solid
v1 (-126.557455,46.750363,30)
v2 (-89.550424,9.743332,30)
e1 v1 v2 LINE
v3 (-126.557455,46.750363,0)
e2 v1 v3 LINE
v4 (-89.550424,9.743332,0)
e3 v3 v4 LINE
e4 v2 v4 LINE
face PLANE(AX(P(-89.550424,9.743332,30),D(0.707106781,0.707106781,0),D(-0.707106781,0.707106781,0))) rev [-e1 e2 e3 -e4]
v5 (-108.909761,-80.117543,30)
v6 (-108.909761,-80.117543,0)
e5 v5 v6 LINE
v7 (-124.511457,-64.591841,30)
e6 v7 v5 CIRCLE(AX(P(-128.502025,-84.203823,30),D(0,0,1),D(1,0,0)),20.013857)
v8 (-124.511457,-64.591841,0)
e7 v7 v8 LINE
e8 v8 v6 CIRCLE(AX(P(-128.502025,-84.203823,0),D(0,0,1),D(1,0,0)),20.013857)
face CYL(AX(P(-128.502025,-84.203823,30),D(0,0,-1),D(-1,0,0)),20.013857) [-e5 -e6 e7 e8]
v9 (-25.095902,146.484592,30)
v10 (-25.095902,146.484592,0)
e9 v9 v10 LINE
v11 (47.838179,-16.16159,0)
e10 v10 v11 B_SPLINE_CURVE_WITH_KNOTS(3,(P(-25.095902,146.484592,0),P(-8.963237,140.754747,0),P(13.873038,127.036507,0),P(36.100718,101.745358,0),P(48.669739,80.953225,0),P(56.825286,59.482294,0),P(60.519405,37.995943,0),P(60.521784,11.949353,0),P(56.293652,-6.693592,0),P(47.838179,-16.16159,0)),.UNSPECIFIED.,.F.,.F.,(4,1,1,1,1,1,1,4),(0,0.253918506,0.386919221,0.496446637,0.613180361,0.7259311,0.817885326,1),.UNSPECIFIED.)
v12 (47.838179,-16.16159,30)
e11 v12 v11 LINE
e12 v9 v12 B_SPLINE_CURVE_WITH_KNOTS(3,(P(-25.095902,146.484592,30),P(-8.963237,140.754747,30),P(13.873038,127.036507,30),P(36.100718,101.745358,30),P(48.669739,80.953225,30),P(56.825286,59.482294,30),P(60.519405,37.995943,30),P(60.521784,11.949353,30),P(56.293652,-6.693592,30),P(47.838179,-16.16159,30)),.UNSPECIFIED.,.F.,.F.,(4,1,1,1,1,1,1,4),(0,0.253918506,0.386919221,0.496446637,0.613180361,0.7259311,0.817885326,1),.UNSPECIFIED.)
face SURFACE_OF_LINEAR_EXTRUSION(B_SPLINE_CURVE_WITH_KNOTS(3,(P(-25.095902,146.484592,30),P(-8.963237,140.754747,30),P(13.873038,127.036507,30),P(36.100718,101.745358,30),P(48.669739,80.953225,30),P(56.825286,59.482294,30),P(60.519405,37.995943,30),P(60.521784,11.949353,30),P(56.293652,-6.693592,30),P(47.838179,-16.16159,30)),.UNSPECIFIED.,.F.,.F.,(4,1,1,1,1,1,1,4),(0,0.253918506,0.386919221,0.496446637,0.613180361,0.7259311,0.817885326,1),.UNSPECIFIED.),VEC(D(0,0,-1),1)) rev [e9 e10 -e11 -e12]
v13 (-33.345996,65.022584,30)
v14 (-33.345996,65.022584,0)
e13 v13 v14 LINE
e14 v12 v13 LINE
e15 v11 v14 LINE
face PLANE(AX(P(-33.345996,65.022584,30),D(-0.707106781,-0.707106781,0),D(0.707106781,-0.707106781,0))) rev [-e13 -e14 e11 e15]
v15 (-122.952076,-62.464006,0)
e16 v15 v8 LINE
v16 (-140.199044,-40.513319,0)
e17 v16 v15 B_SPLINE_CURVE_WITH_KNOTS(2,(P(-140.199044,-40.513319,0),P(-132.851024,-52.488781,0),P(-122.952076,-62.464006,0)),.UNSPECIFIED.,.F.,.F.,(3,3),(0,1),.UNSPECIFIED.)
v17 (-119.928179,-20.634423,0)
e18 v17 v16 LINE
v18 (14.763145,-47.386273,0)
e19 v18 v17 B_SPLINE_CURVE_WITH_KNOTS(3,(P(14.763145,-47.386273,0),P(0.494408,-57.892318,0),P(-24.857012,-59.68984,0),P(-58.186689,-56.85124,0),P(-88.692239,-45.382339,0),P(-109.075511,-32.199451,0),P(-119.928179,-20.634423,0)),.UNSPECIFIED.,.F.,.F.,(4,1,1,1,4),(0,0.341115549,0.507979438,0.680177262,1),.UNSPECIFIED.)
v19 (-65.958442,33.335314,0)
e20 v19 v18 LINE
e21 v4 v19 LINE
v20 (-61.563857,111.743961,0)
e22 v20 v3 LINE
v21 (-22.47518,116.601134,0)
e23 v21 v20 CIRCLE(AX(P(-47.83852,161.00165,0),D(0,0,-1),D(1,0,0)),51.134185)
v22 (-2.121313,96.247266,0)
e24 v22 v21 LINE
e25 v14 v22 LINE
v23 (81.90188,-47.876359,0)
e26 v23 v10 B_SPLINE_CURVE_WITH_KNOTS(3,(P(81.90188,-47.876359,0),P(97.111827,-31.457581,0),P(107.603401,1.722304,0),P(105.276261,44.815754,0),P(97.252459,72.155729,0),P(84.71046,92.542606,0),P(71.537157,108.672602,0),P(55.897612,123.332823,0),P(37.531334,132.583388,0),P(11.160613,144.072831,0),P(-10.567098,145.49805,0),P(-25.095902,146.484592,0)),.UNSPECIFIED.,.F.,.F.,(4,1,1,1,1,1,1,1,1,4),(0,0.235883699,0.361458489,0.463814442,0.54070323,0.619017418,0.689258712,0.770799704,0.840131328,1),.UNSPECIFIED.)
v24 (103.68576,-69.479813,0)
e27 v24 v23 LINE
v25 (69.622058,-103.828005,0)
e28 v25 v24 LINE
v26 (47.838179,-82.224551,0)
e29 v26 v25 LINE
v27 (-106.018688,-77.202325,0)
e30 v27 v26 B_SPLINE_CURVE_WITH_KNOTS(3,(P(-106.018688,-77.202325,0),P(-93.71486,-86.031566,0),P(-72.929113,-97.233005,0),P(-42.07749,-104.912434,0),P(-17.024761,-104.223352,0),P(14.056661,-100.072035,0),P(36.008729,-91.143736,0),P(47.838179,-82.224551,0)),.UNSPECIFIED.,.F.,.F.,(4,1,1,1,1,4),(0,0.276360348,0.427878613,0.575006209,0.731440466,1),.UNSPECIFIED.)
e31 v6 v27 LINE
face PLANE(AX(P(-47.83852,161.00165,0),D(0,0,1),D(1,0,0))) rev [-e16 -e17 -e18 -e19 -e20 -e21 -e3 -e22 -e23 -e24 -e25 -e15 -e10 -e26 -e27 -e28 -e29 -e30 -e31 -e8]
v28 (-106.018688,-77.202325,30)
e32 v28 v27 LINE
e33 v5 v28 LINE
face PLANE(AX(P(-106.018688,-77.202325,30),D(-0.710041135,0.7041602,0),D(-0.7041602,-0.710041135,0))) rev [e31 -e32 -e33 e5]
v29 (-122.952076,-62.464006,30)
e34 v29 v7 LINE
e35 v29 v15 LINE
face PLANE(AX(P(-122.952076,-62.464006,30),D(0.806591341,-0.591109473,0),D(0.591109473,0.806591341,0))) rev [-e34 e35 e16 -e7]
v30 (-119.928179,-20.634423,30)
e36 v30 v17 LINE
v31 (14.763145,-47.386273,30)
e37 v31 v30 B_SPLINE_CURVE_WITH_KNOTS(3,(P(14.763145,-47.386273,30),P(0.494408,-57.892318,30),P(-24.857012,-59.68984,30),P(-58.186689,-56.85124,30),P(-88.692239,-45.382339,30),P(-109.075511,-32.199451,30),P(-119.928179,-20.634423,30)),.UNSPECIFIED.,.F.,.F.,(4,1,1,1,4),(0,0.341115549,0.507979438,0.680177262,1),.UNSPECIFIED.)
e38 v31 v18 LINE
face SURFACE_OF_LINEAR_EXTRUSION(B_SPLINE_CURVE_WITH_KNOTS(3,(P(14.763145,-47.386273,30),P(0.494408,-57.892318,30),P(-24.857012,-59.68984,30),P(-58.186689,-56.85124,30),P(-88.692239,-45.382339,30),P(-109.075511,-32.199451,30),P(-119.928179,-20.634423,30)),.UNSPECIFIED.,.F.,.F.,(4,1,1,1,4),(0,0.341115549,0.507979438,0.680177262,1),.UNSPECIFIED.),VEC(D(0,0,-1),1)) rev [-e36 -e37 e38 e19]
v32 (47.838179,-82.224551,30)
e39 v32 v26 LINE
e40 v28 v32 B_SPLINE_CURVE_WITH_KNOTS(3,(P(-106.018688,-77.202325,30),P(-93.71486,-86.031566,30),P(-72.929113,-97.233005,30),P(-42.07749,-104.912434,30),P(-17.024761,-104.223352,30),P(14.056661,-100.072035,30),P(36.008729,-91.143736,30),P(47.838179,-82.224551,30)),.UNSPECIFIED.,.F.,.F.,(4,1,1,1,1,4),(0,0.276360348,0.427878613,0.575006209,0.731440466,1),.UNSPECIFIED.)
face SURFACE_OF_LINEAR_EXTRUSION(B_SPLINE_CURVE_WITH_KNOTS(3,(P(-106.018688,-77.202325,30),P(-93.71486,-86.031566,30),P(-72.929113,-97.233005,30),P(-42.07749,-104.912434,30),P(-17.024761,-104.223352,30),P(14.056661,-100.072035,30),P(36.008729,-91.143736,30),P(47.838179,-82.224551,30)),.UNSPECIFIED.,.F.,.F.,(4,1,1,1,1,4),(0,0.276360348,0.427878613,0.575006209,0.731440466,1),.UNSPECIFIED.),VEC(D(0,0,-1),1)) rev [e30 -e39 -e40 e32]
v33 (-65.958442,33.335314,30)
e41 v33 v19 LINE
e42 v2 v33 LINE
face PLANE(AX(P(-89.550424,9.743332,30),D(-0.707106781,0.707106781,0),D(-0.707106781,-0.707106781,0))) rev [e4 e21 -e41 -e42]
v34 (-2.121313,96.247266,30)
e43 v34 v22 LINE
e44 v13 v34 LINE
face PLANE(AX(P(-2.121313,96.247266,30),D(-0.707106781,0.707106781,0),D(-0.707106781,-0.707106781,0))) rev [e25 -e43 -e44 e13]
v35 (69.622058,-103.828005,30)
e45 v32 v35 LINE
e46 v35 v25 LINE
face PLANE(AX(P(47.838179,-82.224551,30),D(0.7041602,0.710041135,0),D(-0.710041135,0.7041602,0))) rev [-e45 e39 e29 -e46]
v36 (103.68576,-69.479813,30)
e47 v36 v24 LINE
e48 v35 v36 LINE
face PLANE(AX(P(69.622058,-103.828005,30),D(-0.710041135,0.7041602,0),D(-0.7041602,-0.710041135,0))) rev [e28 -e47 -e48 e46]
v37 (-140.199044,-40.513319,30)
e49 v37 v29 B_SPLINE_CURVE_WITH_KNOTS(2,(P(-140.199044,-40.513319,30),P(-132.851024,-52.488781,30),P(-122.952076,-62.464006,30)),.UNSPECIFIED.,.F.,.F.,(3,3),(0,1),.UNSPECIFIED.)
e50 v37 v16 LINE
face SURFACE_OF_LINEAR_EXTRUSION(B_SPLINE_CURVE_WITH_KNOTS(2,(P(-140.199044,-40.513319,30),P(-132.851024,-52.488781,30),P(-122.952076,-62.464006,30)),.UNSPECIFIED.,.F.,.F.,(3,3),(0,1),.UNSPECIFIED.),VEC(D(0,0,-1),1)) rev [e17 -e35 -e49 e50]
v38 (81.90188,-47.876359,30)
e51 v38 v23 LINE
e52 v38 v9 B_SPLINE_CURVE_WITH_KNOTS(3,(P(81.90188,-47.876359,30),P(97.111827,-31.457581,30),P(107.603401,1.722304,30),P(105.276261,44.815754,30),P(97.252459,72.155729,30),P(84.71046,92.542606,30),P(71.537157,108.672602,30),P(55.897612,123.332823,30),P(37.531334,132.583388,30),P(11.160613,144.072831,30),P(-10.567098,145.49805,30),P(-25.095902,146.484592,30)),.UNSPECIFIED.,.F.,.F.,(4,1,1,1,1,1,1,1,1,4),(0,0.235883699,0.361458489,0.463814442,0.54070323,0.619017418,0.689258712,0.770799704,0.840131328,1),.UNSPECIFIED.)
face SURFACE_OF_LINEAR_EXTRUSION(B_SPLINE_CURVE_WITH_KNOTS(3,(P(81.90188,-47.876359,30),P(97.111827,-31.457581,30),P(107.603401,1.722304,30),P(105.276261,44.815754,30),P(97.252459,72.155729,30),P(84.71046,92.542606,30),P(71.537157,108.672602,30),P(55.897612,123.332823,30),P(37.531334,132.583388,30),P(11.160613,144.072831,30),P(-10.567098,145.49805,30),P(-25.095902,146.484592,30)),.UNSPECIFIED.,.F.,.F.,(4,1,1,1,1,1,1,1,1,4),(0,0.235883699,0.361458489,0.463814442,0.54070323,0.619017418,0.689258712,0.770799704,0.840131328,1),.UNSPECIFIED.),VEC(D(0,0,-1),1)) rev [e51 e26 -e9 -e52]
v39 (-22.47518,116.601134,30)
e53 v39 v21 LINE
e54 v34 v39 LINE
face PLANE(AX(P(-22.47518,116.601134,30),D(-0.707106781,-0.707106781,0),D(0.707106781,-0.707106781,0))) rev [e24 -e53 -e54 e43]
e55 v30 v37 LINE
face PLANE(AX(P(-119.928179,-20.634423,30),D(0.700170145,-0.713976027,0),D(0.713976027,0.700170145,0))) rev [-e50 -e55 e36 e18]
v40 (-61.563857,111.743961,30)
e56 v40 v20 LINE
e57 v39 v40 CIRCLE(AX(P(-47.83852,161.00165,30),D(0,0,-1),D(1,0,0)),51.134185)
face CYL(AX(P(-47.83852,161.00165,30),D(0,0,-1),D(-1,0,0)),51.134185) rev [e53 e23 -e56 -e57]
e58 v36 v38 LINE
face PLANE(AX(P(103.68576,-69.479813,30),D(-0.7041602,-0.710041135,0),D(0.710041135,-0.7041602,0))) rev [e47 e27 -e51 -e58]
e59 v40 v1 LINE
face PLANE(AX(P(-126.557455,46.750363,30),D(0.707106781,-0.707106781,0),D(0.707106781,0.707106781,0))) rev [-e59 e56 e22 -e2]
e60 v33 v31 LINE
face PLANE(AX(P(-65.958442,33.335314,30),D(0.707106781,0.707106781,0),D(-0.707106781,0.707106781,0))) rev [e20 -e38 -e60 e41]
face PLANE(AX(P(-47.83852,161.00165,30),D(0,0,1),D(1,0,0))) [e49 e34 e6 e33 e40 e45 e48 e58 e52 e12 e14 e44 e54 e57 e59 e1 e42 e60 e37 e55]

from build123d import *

# Parameters (mm, degrees)
EXTRUDE_1_DEPTH = 30


with BuildPart() as part:
    # 草图1 → 凸台-拉伸1 (new body)
    with BuildSketch(Plane.XY):
        with BuildLine():
            Line((-89.550424061, 9.743331503), (-65.958441791, 33.335313773))
            Line((-65.958441791, 33.335313773), (14.763144604, -47.386272621))
            add(Edge.make_bspline(
                [(14.763144604, -47.386272621), (0.494407811, -57.892318184), (-24.857012127, -59.689840271), (-58.186688521, -56.851240275), (-88.692238529, -45.382338902), (-109.075510722, -32.199451169), (-119.928178624, -20.63442306)],
                knots=[0, 0, 0, 0, 0.341115549, 0.507979438, 0.680177262, 1, 1, 1, 1], degree=3))
            Line((-119.928178624, -20.63442306), (-140.199044416, -40.51331885))
            add(Edge.make_bspline(
                [(-140.199044416, -40.51331885), (-132.851023827, -52.488780749), (-122.952075778, -62.464006208)],
                knots=[0, 0, 0, 1, 1, 1], degree=2))
            Line((-122.952075778, -62.464006208), (-124.511456774, -64.591840844))
            ThreePointArc((-124.511456774, -64.591840844), (-142.61936624, -98.390264744), (-108.909761073, -80.117542921))
            Line((-108.909761073, -80.117542921), (-106.018688387, -77.202324863))
            add(Edge.make_bspline(
                [(-106.018688387, -77.202324863), (-93.714859758, -86.031565942), (-72.92911338, -97.233004689), (-42.077489767, -104.91243417), (-17.024761238, -104.223351741), (14.056661387, -100.072035401), (36.008728716, -91.143735824), (47.83817857, -82.224550687)],
                knots=[0, 0, 0, 0, 0.276360348, 0.427878613, 0.575006209, 0.731440466, 1, 1, 1, 1], degree=3))
            Line((47.83817857, -82.224550687), (69.622057976, -103.828004523))
            Line((69.622057976, -103.828004523), (103.685759612, -69.479813065))
            Line((103.685759612, -69.479813065), (81.901880206, -47.876359228))
            add(Edge.make_bspline(
                [(-25.095901705, 146.484591642), (-10.567098374, 145.498050051), (11.160613299, 144.072831183), (37.531334045, 132.583388034), (55.897612016, 123.332823339), (71.537157173, 108.672601965), (84.710460364, 92.54260553), (97.252459301, 72.155728995), (105.276260592, 44.815754295), (107.60340097, 1.722304289), (97.111827436, -31.457580928), (81.901880206, -47.876359228)],
                knots=[0, 0, 0, 0, 0.159868672, 0.229200296, 0.310741288, 0.380982582, 0.45929677, 0.536185558, 0.638541511, 0.764116301, 1, 1, 1, 1], degree=3))
            add(Edge.make_bspline(
                [(-25.095901705, 146.484591642), (-8.963236942, 140.754746766), (13.87303757, 127.036506772), (36.100717553, 101.745358423), (48.669739491, 80.953224615), (56.825285706, 59.482294206), (60.519405197, 37.995942764), (60.521784194, 11.949353151), (56.293651863, -6.693592279), (47.83817857, -16.161590205)],
                knots=[0, 0, 0, 0, 0.253918506, 0.386919221, 0.496446637, 0.613180361, 0.7259311, 0.817885326, 1, 1, 1, 1], degree=3))
            Line((47.83817857, -16.161590205), (-33.345995712, 65.022584077))
            Line((-33.345995712, 65.022584077), (-2.121313296, 96.247266493))
            Line((-2.121313296, 96.247266493), (-22.475180352, 116.60113355))
            ThreePointArc((-22.475180352, 116.60113355), (-41.533061284, 110.257723938), (-61.563856858, 111.74396073))
            Line((-61.563856858, 111.74396073), (-126.557455073, 46.750362515))
            Line((-126.557455073, 46.750362515), (-89.550424061, 9.743331503))
        make_face()
    extrude(amount=EXTRUDE_1_DEPTH)


solid = part.part
